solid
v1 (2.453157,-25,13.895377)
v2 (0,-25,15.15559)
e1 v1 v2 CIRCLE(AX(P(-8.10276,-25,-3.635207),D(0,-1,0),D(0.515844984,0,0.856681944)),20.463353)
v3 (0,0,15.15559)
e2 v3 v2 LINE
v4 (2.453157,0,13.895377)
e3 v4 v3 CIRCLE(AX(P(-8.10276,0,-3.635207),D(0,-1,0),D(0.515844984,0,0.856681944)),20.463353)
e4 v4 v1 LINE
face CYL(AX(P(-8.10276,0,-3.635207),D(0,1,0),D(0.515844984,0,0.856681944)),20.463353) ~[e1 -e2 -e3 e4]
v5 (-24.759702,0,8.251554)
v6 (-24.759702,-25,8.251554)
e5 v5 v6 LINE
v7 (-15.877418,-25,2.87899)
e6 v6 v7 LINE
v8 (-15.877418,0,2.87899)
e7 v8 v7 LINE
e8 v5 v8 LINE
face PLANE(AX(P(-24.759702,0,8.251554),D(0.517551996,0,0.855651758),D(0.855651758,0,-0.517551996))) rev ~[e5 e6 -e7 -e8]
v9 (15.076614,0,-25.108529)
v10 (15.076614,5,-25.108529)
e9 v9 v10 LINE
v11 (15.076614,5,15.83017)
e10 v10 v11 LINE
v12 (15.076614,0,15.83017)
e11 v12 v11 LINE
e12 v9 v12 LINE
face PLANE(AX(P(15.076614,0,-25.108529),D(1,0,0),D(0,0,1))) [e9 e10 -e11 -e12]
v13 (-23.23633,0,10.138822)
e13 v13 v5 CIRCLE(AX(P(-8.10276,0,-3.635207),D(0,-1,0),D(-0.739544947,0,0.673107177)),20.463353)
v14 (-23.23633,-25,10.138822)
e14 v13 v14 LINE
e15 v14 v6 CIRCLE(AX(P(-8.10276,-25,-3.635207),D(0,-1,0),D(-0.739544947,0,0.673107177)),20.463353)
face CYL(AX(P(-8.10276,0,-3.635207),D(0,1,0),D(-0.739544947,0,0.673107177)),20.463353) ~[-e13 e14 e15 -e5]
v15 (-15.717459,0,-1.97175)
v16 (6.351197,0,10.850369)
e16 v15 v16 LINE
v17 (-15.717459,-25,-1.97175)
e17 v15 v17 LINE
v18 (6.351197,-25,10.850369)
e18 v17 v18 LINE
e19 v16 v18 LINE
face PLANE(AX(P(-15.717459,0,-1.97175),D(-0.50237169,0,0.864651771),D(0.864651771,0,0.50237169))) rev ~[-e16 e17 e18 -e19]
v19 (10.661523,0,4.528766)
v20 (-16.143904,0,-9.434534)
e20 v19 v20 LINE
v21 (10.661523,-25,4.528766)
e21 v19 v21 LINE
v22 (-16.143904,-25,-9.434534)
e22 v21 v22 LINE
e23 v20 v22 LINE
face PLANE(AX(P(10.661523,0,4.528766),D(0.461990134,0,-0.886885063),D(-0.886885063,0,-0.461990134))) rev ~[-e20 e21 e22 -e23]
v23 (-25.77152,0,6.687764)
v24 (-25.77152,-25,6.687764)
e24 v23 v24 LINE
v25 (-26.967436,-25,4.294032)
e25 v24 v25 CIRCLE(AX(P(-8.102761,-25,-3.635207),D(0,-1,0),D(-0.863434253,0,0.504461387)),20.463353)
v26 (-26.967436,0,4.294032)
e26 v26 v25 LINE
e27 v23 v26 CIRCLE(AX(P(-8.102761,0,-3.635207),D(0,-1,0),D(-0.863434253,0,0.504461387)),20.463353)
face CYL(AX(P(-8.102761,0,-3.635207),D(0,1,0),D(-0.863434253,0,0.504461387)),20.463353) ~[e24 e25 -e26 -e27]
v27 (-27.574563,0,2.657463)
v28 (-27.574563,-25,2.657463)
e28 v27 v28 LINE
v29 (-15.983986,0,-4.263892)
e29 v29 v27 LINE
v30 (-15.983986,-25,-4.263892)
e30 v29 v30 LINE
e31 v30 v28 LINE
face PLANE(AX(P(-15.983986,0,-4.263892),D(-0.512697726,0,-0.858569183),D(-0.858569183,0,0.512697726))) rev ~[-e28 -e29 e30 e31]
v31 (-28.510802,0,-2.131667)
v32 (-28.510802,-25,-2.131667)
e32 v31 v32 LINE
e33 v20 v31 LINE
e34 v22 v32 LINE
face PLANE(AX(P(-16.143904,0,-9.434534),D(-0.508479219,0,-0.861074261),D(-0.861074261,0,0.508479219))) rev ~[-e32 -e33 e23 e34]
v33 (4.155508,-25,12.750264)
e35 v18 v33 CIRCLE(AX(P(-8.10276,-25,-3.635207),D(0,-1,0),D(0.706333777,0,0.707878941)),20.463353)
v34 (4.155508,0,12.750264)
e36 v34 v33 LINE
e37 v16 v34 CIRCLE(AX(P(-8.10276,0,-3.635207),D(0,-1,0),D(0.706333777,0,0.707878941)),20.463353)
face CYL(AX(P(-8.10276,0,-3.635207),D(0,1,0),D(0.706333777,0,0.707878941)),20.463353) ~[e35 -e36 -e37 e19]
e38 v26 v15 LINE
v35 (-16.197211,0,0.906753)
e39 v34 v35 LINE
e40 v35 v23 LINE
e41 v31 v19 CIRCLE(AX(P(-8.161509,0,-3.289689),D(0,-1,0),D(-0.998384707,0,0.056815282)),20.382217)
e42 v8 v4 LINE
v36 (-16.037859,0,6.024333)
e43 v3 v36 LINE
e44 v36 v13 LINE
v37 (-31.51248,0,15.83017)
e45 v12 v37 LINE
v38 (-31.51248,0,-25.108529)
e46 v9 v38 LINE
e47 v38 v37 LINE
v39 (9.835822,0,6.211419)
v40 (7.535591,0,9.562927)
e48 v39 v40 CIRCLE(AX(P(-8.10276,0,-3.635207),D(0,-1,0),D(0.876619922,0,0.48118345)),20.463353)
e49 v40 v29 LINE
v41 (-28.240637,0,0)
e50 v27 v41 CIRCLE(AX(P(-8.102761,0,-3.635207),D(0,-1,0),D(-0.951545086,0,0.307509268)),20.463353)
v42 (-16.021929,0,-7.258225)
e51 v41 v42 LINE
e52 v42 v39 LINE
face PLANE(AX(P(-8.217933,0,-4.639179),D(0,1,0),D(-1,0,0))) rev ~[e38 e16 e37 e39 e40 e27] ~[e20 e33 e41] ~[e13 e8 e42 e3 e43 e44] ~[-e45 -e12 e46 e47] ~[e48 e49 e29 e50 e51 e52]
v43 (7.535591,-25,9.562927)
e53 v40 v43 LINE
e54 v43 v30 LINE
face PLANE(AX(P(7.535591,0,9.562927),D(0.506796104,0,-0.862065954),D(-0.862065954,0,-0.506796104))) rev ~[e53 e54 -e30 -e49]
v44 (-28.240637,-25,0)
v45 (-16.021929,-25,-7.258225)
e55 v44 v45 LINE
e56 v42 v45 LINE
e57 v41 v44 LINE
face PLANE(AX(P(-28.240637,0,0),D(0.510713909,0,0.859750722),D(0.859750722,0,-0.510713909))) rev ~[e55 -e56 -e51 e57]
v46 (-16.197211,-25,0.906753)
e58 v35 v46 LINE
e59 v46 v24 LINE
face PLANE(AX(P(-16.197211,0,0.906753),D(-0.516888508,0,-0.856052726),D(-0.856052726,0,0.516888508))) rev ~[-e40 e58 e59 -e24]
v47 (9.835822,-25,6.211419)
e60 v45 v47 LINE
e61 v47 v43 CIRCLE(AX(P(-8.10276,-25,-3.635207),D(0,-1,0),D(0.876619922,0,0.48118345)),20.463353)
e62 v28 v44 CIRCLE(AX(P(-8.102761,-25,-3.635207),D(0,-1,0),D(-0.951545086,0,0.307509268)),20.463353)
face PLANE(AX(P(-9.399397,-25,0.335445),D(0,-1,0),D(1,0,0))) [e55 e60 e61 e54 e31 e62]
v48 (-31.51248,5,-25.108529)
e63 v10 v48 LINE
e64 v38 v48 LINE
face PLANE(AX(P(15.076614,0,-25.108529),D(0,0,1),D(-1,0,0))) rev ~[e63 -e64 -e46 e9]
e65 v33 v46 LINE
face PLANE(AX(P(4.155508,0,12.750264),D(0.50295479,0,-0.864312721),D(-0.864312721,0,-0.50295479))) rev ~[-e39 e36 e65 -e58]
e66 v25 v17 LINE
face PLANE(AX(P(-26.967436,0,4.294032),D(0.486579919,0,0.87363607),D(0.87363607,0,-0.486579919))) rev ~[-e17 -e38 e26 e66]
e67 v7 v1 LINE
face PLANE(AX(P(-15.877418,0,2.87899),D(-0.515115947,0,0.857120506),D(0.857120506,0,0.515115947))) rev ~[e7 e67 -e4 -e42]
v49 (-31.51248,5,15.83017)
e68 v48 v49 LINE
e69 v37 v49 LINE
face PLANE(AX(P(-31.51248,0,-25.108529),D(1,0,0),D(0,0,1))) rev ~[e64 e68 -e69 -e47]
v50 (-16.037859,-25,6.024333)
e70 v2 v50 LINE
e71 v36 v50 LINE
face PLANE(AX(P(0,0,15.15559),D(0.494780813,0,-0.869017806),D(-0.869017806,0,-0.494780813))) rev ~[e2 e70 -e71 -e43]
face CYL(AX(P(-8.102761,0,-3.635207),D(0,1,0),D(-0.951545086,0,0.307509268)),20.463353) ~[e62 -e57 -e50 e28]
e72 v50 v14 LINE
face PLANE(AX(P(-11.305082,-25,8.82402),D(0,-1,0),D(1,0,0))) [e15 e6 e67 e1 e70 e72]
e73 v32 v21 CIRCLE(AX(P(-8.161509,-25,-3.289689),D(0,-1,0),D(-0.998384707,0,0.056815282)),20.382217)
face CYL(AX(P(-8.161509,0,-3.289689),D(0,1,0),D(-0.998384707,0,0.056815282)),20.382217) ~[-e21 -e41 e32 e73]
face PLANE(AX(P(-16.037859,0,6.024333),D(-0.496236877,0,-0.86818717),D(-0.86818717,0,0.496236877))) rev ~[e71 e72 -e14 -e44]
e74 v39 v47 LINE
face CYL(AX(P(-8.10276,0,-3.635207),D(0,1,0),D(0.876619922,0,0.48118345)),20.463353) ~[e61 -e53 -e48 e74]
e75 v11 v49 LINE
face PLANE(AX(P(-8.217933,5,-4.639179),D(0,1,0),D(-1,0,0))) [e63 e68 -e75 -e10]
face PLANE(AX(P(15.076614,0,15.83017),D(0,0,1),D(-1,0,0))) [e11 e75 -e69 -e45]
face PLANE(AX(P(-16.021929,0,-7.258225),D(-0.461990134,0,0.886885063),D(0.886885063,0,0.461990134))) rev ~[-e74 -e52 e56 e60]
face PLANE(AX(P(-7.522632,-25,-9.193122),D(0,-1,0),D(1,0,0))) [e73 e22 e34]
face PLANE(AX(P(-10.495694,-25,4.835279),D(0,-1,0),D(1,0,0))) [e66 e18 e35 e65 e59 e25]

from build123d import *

# Parameters (mm, degrees)
F1_DEPTH = 25
F2_W     = 46.5890942141
F2_H     = 40.938699618
F3_DEPTH = 5


with BuildPart() as f1:
    # F0 (on Front) → F1 (new body)
    with BuildSketch(Plane.XZ):
        with BuildLine():
            Line((-16.1972109335, 0.9067526987), (-25.7715200782, 6.687763864))
            ThreePointArc((-25.7715200782, 6.687763864), (-26.4086461718, 5.5104664675), (-26.9674355795, 4.2940318342))
            Line((-26.9674355795, 4.2940318342), (-15.7174587356, -1.9717497783))
            Line((-15.7174587356, -1.9717497783), (6.3511966728, 10.8503689989))
            ThreePointArc((6.3511966728, 10.8503689989), (5.287091796, 11.839308975), (4.1555075794, 12.7502637629))
            Line((4.1555075794, 12.7502637629), (-16.1972109335, 0.9067526987))
        make_face()
    extrude(amount=F1_DEPTH)



with BuildPart() as f1b:
    # F0 (on Front) → F1, piece 2 (new body)
    with BuildSketch(Plane.XZ):
        with BuildLine():
            Line((-16.0378590226, 6.0243331827), (-23.2363295217, 10.1388221312))
            ThreePointArc((-23.2363295217, 10.1388221312), (-24.0260011213, 9.2177770372), (-24.759702406, 8.2515536028))
            Line((-24.759702406, 8.2515536028), (-15.8774183356, 2.8789895778))
            Line((-15.8774183356, 2.8789895778), (2.4531573144, 13.8953773195))
            ThreePointArc((2.4531573144, 13.8953773195), (1.2478332365, 14.5668583693), (0, 15.1555901816))
            Line((0, 15.1555901816), (-16.0378590226, 6.0243331827))
        make_face()
    extrude(amount=F1_DEPTH)


with BuildPart() as f1c:
    # F0 (on Front) → F1, piece 3 (new body)
    with BuildSketch(Plane.XZ):
        with BuildLine():
            Line((-15.9839864927, -4.2638920279), (-27.5745631276, 2.6574631844))
            ThreePointArc((-27.5745631276, 2.6574631844), (-27.9521231277, 1.3398909811), (-28.2406369461, 0))
            Line((-28.2406369461, 0), (-16.0219292804, -7.2582247378))
            Line((-16.0219292804, -7.2582247378), (9.8358221023, 6.2114192202))
            ThreePointArc((9.8358221023, 6.2114192202), (8.7691326541, 7.944430892), (7.5355910537, 9.5629274021))
            Line((7.5355910537, 9.5629274021), (-15.9839864927, -4.2638920279))
        make_face()
    extrude(amount=F1_DEPTH)


with BuildPart() as f1d:
    # F0 (on Front) → F1, piece 4 (new body)
    with BuildSketch(Plane.XZ):
        with BuildLine():
            Line((-16.143903892, -9.4345344262), (-28.5108022498, -2.1316674104))
            ThreePointArc((-28.5108022498, -2.1316674104), (-4.7449734761, -23.3835199279), (10.6615230255, 4.528766225))
            Line((10.6615230255, 4.528766225), (-16.143903892, -9.4345344262))
        make_face()
    extrude(amount=F1_DEPTH)


with BuildPart() as f1_1:
    add(f1.part)

    add(f1b.part)  # F3 merges F1b

    add(f1c.part)  # F3 merges F1c

    add(f1d.part)  # F3 merges F1d
    # F2 (on face) → F3 (join)
    with BuildSketch(Plane(origin=(0, 0, 0), x_dir=(-1, 0, 0), z_dir=(0, 1, 0))):
        with Locations((8.2179331221, -4.6391794458)):
            Rectangle(F2_W, F2_H)
        with BuildLine():
            Line((-10.6615230255, 4.528766225), (16.143903892, -9.4345344262))
            Line((16.143903892, -9.4345344262), (28.5108022498, -2.1316674104))
            ThreePointArc((28.5108022498, -2.1316674104), (4.7449734761, -23.3835199279), (-10.6615230255, 4.528766225))
        make_face(mode=Mode.SUBTRACT)
        with BuildLine():
            Line((28.5108022498, -2.1316674104), (16.143903892, -9.4345344262))
            Line((16.143903892, -9.4345344262), (-10.6615230255, 4.528766225))
            ThreePointArc((-10.6615230255, 4.528766225), (4.7449734761, -23.3835199279), (28.5108022498, -2.1316674104))
        make_face()
    extrude(amount=F3_DEPTH)


solid = f1_1.part
